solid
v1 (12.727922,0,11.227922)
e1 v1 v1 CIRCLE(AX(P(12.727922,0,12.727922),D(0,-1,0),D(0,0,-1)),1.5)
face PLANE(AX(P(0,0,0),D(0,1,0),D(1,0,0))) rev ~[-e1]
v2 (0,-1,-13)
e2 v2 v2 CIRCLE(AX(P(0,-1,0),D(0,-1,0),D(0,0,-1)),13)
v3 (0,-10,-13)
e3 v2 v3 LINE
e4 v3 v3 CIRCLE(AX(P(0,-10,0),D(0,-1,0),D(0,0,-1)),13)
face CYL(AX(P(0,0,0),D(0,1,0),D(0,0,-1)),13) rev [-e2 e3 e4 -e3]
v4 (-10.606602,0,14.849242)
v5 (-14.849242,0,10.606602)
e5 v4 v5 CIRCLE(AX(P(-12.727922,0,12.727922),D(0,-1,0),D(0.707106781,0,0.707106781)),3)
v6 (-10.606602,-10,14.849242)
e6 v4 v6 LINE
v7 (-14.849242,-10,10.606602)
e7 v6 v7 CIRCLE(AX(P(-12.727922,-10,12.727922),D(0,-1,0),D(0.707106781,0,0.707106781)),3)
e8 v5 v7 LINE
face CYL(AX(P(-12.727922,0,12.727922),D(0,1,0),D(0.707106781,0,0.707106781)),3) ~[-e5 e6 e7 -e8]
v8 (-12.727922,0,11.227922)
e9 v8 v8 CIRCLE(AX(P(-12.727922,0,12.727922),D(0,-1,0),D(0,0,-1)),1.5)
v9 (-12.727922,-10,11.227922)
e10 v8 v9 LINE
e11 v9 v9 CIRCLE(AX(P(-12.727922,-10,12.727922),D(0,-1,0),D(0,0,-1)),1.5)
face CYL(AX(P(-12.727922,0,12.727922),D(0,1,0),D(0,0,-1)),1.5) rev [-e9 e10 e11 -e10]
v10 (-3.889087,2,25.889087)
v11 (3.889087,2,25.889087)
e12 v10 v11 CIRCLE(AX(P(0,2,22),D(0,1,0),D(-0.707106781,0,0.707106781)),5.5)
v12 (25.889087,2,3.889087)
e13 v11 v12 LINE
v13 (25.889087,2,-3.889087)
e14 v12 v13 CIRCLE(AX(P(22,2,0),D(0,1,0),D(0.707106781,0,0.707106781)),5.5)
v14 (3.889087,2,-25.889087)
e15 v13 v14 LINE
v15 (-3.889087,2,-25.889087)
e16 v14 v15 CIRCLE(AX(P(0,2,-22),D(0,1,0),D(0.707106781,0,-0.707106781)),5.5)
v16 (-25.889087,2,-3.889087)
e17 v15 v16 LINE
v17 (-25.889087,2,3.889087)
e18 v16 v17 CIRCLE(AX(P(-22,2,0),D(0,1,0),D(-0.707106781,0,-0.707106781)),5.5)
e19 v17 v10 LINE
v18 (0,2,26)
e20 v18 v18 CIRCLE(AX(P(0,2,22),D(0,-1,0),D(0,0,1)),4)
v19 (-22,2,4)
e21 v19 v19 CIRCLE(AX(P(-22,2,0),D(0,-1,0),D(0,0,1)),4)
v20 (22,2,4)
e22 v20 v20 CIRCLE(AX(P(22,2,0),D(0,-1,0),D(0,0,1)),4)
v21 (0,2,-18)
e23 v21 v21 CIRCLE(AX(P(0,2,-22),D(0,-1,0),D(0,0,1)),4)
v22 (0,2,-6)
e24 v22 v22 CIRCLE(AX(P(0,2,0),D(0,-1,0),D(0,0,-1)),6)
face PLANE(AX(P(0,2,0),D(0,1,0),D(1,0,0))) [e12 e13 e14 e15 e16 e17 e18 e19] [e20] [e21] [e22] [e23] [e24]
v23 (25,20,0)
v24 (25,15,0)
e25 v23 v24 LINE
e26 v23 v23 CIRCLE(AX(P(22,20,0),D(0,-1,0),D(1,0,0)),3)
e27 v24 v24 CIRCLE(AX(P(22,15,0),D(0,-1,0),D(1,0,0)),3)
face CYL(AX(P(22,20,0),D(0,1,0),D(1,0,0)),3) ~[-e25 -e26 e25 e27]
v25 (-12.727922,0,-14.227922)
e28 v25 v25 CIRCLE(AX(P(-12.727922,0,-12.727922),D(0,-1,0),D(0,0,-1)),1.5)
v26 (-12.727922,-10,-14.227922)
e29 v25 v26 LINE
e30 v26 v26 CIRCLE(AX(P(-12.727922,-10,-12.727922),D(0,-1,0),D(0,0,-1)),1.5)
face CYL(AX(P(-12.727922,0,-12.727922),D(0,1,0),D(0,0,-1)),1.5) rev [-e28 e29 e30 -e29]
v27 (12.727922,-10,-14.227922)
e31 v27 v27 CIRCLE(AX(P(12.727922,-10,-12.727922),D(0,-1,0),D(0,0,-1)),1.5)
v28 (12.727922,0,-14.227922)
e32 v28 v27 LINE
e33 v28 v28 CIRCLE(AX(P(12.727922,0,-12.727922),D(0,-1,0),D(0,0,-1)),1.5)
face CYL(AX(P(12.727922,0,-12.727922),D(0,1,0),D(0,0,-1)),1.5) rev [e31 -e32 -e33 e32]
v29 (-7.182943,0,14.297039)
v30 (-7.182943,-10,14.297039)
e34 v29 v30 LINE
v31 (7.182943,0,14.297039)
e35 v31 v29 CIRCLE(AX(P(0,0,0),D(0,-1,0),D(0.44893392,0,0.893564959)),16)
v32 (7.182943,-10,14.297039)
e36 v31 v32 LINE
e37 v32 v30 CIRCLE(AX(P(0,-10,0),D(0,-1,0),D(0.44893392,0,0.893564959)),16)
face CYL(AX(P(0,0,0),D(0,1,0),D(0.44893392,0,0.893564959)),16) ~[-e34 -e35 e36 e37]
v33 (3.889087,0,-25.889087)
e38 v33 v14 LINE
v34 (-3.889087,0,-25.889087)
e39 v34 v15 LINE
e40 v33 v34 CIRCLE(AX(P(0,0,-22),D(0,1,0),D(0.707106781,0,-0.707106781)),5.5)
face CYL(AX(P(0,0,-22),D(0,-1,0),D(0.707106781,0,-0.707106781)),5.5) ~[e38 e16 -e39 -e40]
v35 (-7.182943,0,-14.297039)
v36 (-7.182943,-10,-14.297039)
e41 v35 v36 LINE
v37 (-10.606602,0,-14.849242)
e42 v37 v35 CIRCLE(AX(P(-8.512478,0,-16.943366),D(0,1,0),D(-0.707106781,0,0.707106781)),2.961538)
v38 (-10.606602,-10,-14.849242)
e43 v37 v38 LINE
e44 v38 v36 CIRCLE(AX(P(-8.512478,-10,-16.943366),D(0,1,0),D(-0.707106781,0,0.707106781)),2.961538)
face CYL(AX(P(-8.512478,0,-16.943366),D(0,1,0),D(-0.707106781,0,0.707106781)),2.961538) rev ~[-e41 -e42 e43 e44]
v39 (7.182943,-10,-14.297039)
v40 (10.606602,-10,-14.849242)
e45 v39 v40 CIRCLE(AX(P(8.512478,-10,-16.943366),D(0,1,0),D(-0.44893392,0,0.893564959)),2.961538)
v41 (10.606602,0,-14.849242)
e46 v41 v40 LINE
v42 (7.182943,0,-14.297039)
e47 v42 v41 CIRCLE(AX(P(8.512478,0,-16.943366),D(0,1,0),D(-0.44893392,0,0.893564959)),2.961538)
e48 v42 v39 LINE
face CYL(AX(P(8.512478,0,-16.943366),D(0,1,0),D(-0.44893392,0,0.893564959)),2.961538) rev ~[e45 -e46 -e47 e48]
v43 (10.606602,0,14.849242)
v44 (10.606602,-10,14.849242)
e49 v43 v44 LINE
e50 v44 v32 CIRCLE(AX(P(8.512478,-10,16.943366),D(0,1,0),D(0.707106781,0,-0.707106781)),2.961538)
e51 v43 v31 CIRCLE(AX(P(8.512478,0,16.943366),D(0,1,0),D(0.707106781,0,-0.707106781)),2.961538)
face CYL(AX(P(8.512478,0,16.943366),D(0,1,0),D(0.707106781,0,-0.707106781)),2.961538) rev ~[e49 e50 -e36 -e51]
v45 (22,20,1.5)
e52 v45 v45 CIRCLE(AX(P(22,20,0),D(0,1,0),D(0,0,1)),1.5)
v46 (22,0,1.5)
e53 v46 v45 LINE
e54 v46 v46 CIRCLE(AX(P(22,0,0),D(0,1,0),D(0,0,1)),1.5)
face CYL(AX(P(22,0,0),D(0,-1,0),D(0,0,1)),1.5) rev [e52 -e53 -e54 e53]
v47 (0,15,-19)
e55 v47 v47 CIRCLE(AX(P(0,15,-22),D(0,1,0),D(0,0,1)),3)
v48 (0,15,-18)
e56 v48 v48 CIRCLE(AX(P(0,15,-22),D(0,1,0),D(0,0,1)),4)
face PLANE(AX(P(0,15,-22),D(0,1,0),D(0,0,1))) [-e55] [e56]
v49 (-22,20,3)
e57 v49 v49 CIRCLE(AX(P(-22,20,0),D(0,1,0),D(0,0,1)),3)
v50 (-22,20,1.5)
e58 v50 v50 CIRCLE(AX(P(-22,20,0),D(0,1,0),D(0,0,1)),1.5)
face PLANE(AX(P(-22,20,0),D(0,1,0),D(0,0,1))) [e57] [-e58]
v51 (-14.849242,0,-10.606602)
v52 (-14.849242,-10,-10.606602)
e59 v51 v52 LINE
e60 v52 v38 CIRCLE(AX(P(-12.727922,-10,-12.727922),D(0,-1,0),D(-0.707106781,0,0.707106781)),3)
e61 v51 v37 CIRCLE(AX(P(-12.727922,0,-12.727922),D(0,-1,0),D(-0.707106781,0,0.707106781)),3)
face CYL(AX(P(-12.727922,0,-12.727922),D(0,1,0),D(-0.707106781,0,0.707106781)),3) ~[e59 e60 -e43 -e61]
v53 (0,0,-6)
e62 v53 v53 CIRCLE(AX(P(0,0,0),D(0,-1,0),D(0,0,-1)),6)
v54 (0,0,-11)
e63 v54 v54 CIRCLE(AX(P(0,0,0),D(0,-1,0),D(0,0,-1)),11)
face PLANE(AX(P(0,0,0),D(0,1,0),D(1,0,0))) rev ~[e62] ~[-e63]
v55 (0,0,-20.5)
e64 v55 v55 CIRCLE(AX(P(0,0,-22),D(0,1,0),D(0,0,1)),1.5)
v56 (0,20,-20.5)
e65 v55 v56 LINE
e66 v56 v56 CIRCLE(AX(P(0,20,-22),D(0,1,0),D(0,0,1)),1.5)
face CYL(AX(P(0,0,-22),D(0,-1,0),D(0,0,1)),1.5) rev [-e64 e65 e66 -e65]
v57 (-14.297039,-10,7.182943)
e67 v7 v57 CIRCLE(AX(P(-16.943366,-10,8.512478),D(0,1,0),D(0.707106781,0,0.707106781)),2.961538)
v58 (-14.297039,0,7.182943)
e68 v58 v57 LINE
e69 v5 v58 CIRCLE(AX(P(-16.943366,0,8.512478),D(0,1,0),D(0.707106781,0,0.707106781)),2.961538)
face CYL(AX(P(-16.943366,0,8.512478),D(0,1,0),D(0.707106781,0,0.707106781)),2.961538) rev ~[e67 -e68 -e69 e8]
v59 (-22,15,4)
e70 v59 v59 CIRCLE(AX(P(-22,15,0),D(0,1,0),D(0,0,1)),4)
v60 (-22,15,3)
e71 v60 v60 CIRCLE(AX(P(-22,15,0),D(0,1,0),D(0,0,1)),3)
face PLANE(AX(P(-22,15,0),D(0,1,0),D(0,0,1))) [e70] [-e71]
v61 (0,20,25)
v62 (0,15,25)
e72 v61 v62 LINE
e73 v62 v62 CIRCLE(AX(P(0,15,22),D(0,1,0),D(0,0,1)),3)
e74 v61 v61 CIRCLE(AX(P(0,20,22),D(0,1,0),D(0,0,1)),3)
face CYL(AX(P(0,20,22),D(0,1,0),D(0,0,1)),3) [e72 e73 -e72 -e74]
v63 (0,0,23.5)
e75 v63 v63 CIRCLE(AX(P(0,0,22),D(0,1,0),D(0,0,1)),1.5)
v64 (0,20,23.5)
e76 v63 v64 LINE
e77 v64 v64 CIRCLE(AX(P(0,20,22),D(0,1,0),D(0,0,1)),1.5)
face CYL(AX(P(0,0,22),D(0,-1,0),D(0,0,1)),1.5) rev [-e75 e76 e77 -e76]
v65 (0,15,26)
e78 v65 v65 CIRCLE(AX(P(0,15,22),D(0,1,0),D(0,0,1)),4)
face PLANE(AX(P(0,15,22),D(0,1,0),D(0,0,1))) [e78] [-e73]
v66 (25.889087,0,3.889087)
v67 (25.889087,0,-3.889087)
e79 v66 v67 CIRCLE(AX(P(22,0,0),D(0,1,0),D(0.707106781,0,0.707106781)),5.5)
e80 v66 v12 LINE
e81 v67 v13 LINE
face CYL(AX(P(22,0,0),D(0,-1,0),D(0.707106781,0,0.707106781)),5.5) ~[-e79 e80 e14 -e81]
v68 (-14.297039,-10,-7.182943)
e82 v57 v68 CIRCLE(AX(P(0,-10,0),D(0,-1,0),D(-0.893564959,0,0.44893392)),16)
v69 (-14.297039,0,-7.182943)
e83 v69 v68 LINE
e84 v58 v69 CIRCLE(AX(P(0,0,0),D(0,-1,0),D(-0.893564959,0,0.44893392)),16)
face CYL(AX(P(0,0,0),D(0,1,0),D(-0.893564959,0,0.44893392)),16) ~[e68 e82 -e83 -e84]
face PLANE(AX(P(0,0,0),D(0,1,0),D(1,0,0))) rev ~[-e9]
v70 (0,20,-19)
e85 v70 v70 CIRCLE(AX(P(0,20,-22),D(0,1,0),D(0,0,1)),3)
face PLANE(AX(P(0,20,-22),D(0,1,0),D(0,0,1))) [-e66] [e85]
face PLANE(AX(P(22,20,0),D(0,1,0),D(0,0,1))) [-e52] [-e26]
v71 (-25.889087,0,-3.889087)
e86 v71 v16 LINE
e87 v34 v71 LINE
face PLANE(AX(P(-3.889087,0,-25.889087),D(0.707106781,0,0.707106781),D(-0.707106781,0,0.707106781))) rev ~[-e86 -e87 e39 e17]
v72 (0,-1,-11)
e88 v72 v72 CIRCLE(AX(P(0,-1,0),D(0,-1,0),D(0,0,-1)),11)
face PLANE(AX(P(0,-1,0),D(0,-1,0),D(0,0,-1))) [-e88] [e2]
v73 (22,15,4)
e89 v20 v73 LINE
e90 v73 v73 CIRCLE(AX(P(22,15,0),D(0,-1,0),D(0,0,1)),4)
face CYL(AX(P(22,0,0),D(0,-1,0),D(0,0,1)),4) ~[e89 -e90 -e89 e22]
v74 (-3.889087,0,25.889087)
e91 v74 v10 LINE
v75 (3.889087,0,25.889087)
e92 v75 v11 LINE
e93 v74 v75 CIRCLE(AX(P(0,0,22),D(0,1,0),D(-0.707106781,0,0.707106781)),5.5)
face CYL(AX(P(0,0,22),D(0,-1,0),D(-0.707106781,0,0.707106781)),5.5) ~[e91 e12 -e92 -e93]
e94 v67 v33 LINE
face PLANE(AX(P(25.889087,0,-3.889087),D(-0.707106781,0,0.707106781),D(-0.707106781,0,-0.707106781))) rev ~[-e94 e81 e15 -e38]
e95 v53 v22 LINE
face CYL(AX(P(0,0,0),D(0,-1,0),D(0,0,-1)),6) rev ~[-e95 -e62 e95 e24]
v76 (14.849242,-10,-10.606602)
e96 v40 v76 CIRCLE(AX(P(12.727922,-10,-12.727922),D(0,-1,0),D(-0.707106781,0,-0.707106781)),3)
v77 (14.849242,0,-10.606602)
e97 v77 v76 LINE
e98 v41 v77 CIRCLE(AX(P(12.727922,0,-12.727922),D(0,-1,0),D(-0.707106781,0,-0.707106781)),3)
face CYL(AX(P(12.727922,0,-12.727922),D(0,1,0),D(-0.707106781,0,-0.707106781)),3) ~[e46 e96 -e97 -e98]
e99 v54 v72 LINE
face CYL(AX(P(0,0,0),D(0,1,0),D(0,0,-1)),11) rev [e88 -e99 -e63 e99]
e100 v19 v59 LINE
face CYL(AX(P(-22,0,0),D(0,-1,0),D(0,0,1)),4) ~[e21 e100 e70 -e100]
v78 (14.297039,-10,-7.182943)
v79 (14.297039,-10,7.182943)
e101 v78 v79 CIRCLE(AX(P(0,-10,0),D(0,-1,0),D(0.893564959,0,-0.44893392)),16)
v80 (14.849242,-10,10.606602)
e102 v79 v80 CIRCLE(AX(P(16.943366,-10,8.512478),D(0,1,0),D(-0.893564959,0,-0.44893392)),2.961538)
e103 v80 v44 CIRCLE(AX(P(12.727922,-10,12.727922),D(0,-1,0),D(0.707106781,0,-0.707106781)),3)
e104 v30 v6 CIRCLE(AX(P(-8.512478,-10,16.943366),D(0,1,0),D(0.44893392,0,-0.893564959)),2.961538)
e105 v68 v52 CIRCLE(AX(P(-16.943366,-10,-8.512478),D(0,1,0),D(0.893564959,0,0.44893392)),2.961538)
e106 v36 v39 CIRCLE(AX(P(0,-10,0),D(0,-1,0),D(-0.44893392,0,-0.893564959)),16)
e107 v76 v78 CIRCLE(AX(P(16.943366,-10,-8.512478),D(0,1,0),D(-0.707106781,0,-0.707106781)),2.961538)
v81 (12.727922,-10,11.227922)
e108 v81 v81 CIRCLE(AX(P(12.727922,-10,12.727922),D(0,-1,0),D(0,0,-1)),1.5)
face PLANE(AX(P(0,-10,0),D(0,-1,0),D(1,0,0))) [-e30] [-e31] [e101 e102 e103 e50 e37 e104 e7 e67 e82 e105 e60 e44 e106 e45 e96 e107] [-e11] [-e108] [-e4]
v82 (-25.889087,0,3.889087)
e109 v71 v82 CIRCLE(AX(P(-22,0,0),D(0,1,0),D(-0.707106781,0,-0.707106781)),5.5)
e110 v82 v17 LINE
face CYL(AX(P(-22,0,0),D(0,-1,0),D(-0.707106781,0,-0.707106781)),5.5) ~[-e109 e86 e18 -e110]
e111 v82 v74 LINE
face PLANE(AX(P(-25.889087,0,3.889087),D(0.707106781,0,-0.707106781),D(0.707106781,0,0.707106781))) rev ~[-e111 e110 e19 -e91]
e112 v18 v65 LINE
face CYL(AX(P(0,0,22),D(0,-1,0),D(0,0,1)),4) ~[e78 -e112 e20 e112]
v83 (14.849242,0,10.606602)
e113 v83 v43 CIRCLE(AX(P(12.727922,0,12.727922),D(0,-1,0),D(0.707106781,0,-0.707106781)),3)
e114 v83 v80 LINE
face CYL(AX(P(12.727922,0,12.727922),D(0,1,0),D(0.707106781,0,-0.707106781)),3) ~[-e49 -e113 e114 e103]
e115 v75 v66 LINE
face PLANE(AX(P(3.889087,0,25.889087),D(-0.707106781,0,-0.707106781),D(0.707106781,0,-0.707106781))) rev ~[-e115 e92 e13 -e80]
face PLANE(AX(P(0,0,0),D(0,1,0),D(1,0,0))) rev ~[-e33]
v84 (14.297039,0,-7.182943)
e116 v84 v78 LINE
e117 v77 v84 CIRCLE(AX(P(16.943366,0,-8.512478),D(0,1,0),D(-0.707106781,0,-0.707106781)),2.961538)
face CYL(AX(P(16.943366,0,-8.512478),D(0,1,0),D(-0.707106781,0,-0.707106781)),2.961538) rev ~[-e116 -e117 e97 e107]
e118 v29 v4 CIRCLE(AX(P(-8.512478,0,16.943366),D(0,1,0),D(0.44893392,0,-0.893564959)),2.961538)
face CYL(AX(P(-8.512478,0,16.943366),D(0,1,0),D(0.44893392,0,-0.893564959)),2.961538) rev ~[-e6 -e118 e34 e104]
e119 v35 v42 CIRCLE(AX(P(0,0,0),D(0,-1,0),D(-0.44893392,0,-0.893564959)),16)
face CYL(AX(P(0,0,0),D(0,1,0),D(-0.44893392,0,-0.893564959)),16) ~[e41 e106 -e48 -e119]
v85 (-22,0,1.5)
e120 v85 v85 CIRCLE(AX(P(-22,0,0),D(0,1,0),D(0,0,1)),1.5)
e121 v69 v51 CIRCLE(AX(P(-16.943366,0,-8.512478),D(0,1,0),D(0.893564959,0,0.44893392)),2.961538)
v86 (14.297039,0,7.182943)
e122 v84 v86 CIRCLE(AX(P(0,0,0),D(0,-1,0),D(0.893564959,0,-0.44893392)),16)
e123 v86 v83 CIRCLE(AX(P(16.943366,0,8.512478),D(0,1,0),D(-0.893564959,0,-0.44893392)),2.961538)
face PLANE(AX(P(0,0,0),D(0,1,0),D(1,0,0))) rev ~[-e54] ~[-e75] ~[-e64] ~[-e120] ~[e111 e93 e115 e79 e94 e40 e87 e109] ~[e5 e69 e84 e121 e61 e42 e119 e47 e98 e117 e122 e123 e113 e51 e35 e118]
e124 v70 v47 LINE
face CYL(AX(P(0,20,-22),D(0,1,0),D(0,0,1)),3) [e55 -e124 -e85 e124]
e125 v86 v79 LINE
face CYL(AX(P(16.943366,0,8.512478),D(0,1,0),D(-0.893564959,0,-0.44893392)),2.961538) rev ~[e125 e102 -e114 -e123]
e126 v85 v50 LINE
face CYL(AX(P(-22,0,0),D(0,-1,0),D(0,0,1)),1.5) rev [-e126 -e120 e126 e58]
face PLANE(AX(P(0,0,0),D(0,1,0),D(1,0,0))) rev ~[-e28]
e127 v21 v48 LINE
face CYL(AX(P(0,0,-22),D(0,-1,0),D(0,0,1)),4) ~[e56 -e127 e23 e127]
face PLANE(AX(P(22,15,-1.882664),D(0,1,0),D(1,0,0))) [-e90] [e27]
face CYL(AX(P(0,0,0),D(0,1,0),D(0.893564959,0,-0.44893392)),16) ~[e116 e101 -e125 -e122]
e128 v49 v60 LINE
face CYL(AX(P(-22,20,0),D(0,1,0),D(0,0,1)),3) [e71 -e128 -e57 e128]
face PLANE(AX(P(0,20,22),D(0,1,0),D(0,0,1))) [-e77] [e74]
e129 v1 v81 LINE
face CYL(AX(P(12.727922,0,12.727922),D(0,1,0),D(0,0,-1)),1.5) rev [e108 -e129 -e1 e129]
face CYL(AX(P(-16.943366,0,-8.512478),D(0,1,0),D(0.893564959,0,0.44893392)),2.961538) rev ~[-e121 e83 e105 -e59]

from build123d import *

# Parameters (mm, degrees)
SKETCH2_R           = 1.5
BOSS_EXTRUDE1_DEPTH = 2
SKETCH2_4_R         = 4
SKETCH2_4_R_2       = 1.5
BOSS_EXTRUDE2_DEPTH = 20
CUT_EXTRUDE1_START  = 20
SKETCH2_5_R         = 4
SKETCH2_5_R_2       = 3
CUT_EXTRUDE1_DEPTH  = 5
SKETCH5_R           = 13
SKETCH5_R_2         = 1.5
BOSS_EXTRUDE3_DEPTH = 10
SKETCH5_3_R         = 13
SKETCH5_3_R_2       = 11
BOSS_EXTRUDE4_DEPTH = 1
SKETCH5_4_R         = 6
CUT_EXTRUDE2_DEPTH  = 10


with BuildPart() as part:
    # Sketch2 → Boss-Extrude1 (new body)
    with BuildSketch(Plane(origin=(0, 0, 0), x_dir=(1, 0, 0), z_dir=(0, 1, 0))):
        with BuildLine():
            Line((25.889087297, 3.889087297), (3.889087297, 25.889087297))
            ThreePointArc((3.889087297, 25.889087297), (0, 27.5), (-3.889087297, 25.889087297))
            Line((-3.889087297, 25.889087297), (-25.889087297, 3.889087297))
            ThreePointArc((-25.889087297, 3.889087297), (-27.5, 0), (-25.889087297, -3.889087297))
            Line((-25.889087297, -3.889087297), (-3.889087297, -25.889087297))
            ThreePointArc((-3.889087297, -25.889087297), (0, -27.5), (3.889087297, -25.889087297))
            Line((3.889087297, -25.889087297), (25.889087297, -3.889087297))
            ThreePointArc((25.889087297, -3.889087297), (27.5, 0), (25.889087297, 3.889087297))
        make_face()
        with Locations(Location((-22, 0, 0), (0, 0, 270))):
            Circle(SKETCH2_R, mode=Mode.SUBTRACT)
        with Locations(Location((0, -22, 0), (0, 0, 270))):
            Circle(SKETCH2_R, mode=Mode.SUBTRACT)
        with Locations(Location((22, 0, 0), (0, 0, 270))):
            Circle(SKETCH2_R, mode=Mode.SUBTRACT)
        with Locations(Location((0, 22, 0), (0, 0, 270))):
            Circle(SKETCH2_R, mode=Mode.SUBTRACT)
    extrude(amount=BOSS_EXTRUDE1_DEPTH)

    # Sketch2<4> → Boss-Extrude2 (add)
    with BuildSketch(Plane(origin=(0, 0, 0), x_dir=(1, 0, 0), z_dir=(0, 1, 0))):
        with Locations(Location((22, 0, 0), (0, 0, 270))):
            Circle(SKETCH2_4_R)
        with Locations(Location((22, 0, 0), (0, 0, 270))):
            Circle(SKETCH2_4_R_2, mode=Mode.SUBTRACT)
        with Locations(Location((0, -22, 0), (0, 0, 270))):
            Circle(SKETCH2_4_R)
        with Locations(Location((0, -22, 0), (0, 0, 270))):
            Circle(SKETCH2_4_R_2, mode=Mode.SUBTRACT)
        with Locations(Location((-22, 0, 0), (0, 0, 270))):
            Circle(SKETCH2_4_R)
        with Locations(Location((-22, 0, 0), (0, 0, 270))):
            Circle(SKETCH2_4_R_2, mode=Mode.SUBTRACT)
        with Locations(Location((0, 22, 0), (0, 0, 270))):
            Circle(SKETCH2_4_R)
        with Locations(Location((0, 22, 0), (0, 0, 270))):
            Circle(SKETCH2_4_R_2, mode=Mode.SUBTRACT)
    extrude(amount=BOSS_EXTRUDE2_DEPTH)

    # Sketch2<5> → Cut-Extrude1 (cut)
    with BuildSketch(Plane(origin=(0, 0, 0), x_dir=(1, 0, 0), z_dir=(0, 1, 0)).offset(CUT_EXTRUDE1_START)):
        with Locations(Location((-22, 0, 0), (0, 0, 270))):
            Circle(SKETCH2_5_R)
        with Locations(Location((-22, 0, 0), (0, 0, 270))):
            Circle(SKETCH2_5_R_2, mode=Mode.SUBTRACT)
        with Locations(Location((0, 22, 0), (0, 0, 270))):
            Circle(SKETCH2_5_R)
        with Locations(Location((0, 22, 0), (0, 0, 270))):
            Circle(SKETCH2_5_R_2, mode=Mode.SUBTRACT)
        with BuildLine():
            ThreePointArc((19, 0), (22, 3), (25, 0))
            Line((25, 0), (26, 0))
            ThreePointArc((26, 0), (22, 4), (18, 0))
            Line((18, 0), (19, 0))
        make_face()
        with BuildLine():
            Line((26, 0), (25, 0))
            ThreePointArc((25, 0), (22, -3), (19, 0))
            Line((19, 0), (18, 0))
            ThreePointArc((18, 0), (22, -4), (26, 0))
        make_face()
        with Locations(Location((0, -22, 0), (0, 0, 270))):
            Circle(SKETCH2_5_R)
        with Locations(Location((0, -22, 0), (0, 0, 270))):
            Circle(SKETCH2_5_R_2, mode=Mode.SUBTRACT)
    extrude(amount=-CUT_EXTRUDE1_DEPTH, mode=Mode.SUBTRACT)

    # Sketch5 → Boss-Extrude3 (add)
    with BuildSketch(Plane.XZ):
        with BuildLine():
            ThreePointArc((14.297039341, 7.182942718), (14.019613784, 8.984050781), (14.849242405, 10.606601718))
            ThreePointArc((14.849242405, 10.606601718), (14.849242405, 14.849242405), (10.606601718, 14.849242405))
            ThreePointArc((10.606601718, 14.849242405), (8.984050781, 14.019613784), (7.182942718, 14.297039341))
            ThreePointArc((7.182942718, 14.297039341), (0, 16), (-7.182942718, 14.297039341))
            ThreePointArc((-7.182942718, 14.297039341), (-8.984050781, 14.019613784), (-10.606601718, 14.849242405))
            ThreePointArc((-10.606601718, 14.849242405), (-14.849242405, 14.849242405), (-14.849242405, 10.606601718))
            ThreePointArc((-14.849242405, 10.606601718), (-14.019613784, 8.984050781), (-14.297039341, 7.182942718))
            ThreePointArc((-14.297039341, 7.182942718), (-16, 0), (-14.297039341, -7.182942718))
            ThreePointArc((-14.297039341, -7.182942718), (-14.019613784, -8.984050781), (-14.849242405, -10.606601718))
            ThreePointArc((-14.849242405, -10.606601718), (-14.849242405, -14.849242405), (-10.606601718, -14.849242405))
            ThreePointArc((-10.606601718, -14.849242405), (-8.984050781, -14.019613784), (-7.182942718, -14.297039341))
            ThreePointArc((-7.182942718, -14.297039341), (0, -16), (7.182942718, -14.297039341))
            ThreePointArc((7.182942718, -14.297039341), (8.984050781, -14.019613784), (10.606601718, -14.849242405))
            ThreePointArc((10.606601718, -14.849242405), (14.849242405, -14.849242405), (14.849242405, -10.606601718))
            ThreePointArc((14.849242405, -10.606601718), (14.019613784, -8.984050781), (14.297039341, -7.182942718))
            ThreePointArc((14.297039341, -7.182942718), (16, 0), (14.297039341, 7.182942718))
        make_face()
        with Locations(Location((0, 0, 0), (0, 0, 270))):
            Circle(SKETCH5_R, mode=Mode.SUBTRACT)
        with Locations(Location((12.727922061, 12.727922061, 0), (0, 0, 270))):
            Circle(SKETCH5_R_2, mode=Mode.SUBTRACT)
        with Locations(Location((12.727922061, -12.727922061, 0), (0, 0, 270))):
            Circle(SKETCH5_R_2, mode=Mode.SUBTRACT)
        with Locations(Location((-12.727922061, 12.727922061, 0), (0, 0, 270))):
            Circle(SKETCH5_R_2, mode=Mode.SUBTRACT)
        with Locations(Location((-12.727922061, -12.727922061, 0), (0, 0, 270))):
            Circle(SKETCH5_R_2, mode=Mode.SUBTRACT)
    extrude(amount=BOSS_EXTRUDE3_DEPTH)

    # Sketch5<3> → Boss-Extrude4 (add)
    with BuildSketch(Plane.XZ):
        with Locations(Location((0, 0, 0), (0, 0, 270))):
            Circle(SKETCH5_3_R)
        with Locations(Location((0, 0, 0), (0, 0, 270))):
            Circle(SKETCH5_3_R_2, mode=Mode.SUBTRACT)
    extrude(amount=BOSS_EXTRUDE4_DEPTH)

    # Sketch5<4> → Cut-Extrude2 (cut)
    with BuildSketch(Plane.XZ):
        with Locations(Location((0, 0, 0), (0, 0, 270))):
            Circle(SKETCH5_4_R)
    extrude(amount=-CUT_EXTRUDE2_DEPTH, mode=Mode.SUBTRACT)


solid = part.part
